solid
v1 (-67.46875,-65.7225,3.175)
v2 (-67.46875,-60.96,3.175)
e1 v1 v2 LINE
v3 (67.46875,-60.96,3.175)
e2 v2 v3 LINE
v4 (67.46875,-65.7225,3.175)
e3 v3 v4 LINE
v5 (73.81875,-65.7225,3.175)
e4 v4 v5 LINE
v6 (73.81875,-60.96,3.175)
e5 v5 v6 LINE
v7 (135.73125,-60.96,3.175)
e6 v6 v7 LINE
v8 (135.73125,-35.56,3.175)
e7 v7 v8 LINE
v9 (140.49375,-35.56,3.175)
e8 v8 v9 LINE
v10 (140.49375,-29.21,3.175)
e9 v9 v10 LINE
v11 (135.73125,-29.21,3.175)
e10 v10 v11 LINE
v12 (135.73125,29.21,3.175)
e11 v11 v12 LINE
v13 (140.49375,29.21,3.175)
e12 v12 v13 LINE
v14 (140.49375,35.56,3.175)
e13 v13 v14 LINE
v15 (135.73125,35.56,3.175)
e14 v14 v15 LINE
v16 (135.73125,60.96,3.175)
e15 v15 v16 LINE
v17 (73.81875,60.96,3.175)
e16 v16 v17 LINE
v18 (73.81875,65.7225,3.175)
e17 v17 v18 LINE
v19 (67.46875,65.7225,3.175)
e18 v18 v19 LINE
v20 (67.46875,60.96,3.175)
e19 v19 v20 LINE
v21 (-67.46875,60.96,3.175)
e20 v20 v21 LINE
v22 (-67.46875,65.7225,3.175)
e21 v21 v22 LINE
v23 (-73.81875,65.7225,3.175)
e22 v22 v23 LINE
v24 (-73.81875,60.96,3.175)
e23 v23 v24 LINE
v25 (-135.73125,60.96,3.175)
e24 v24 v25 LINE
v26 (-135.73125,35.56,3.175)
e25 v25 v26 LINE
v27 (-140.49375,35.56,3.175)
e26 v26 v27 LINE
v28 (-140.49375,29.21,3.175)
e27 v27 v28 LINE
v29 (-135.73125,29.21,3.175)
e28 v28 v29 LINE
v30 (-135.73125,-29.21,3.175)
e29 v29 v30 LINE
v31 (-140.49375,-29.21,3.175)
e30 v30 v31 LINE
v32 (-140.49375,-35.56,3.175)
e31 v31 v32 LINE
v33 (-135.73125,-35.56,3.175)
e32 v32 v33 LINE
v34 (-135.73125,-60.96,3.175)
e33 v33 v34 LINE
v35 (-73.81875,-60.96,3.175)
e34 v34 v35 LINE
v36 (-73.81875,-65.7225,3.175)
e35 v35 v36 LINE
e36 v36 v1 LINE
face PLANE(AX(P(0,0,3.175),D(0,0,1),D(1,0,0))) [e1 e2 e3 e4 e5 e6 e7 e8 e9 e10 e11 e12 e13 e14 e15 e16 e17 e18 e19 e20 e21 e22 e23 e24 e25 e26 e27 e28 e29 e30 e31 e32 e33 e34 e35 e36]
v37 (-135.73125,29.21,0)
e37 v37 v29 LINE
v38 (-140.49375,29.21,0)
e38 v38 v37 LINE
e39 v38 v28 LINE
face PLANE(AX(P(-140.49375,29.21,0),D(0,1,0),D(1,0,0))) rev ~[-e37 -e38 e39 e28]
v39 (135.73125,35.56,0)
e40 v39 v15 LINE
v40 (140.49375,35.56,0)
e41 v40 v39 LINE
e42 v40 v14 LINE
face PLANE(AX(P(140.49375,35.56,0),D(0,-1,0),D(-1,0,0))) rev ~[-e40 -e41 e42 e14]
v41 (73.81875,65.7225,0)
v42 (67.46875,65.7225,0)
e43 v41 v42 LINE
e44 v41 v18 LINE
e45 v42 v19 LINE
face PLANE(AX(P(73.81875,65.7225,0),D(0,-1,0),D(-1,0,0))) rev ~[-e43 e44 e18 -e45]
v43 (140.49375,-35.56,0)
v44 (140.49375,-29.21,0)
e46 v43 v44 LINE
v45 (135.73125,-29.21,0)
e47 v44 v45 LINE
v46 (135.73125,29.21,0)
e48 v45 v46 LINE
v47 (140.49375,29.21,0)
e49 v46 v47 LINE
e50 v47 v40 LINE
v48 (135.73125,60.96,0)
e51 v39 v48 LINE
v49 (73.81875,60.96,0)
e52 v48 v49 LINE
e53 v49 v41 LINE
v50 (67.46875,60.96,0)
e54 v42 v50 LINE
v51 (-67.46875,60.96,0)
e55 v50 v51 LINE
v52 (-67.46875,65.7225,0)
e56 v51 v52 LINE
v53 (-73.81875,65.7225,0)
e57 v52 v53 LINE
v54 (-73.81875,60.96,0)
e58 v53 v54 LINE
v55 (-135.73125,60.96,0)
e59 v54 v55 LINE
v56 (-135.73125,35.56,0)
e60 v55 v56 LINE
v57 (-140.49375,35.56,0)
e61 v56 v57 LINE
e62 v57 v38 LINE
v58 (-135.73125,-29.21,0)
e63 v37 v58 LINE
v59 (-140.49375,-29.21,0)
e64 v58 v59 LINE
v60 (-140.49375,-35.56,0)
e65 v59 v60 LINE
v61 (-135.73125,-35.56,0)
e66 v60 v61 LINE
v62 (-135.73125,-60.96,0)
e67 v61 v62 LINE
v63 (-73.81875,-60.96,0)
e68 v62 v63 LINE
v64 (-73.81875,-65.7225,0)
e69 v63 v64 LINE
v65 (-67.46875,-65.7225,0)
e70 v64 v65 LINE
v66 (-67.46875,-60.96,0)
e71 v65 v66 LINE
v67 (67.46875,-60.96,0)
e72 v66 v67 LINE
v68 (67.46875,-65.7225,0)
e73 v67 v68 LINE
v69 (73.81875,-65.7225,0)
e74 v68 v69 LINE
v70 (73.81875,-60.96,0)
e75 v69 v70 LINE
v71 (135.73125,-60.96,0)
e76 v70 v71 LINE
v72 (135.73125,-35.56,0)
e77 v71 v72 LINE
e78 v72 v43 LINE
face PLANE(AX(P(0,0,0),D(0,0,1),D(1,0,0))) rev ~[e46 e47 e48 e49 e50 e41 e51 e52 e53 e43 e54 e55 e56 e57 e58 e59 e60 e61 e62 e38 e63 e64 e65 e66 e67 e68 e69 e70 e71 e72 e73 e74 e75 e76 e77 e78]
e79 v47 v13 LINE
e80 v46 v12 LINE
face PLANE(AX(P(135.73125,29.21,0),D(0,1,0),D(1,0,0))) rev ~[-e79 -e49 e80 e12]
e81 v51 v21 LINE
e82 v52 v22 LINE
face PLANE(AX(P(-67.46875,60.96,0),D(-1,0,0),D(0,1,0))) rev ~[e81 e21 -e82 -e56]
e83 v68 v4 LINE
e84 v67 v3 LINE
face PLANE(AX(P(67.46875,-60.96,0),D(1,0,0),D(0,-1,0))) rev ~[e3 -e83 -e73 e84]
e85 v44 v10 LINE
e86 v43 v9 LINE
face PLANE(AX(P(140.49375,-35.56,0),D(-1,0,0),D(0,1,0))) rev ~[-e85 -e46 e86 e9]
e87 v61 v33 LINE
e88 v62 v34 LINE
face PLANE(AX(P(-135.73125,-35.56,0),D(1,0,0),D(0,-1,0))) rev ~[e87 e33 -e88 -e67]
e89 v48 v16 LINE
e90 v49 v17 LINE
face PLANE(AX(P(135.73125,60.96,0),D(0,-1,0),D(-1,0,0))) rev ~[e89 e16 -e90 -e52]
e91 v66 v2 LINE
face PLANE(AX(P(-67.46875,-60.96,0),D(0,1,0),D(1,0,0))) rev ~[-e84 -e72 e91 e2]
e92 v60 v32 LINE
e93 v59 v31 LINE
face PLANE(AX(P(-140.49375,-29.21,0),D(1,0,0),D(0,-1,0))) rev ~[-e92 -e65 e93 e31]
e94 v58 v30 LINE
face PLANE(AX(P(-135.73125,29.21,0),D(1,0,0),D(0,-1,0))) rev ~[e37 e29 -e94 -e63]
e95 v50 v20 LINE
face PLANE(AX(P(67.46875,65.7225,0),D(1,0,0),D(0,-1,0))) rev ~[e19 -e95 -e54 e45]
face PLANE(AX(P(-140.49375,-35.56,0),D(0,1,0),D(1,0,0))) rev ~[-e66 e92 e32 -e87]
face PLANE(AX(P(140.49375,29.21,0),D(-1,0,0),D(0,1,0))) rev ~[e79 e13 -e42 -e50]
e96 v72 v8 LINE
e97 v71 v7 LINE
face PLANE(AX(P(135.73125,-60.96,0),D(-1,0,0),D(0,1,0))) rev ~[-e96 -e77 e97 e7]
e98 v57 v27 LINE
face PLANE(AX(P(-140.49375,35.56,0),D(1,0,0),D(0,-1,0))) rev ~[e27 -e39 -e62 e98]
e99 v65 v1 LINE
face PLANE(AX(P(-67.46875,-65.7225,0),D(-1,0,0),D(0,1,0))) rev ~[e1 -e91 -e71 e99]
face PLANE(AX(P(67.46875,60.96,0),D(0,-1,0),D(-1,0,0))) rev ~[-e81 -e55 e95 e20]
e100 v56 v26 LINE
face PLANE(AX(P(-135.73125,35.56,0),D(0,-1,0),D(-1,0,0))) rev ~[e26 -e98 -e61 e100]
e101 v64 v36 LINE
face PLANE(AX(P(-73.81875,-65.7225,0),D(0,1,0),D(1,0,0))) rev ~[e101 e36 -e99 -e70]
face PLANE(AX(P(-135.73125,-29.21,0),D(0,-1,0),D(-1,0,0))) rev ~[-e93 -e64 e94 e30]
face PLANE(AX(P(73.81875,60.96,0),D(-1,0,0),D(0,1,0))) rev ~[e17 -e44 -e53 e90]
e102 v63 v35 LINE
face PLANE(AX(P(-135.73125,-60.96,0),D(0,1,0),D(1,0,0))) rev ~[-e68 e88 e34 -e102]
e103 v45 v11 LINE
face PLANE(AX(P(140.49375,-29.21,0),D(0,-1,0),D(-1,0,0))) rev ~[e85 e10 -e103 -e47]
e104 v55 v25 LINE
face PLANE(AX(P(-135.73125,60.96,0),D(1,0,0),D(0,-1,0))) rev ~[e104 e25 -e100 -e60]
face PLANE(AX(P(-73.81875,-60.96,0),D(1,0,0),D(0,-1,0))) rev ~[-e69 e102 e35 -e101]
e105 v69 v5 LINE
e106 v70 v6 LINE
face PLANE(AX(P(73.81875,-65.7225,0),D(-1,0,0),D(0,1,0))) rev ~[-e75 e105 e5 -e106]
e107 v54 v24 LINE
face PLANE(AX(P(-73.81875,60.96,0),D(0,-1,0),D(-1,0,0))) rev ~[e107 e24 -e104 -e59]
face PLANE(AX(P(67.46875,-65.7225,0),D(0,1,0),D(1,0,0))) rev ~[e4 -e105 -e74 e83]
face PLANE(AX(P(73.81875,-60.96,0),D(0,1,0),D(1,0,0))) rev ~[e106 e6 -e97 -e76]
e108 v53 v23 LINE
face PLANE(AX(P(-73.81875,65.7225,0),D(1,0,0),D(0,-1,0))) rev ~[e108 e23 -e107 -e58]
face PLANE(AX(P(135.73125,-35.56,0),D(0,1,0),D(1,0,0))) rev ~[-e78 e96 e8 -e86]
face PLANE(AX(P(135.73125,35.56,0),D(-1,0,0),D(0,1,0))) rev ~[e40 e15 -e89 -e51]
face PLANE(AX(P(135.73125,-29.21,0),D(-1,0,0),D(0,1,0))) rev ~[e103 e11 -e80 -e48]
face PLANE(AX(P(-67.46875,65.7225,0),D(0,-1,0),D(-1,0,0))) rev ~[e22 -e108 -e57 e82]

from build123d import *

# Parameters (mm, degrees)
F1_DEPTH = 3.175


with BuildPart() as f1:
    # F0 (on Top) → F1 (new body)
    with BuildSketch(Plane.XY):
        Polygon((-73.81875, 65.7225), (-73.81875, 60.96), (-135.73125, 60.96), (-135.73125, 35.56), (-140.49375, 35.56), (-140.49375, 29.21), (-135.73125, 29.21), (-135.73125, 0), (-135.73125, -29.21), (-140.49375, -29.21), (-140.49375, -35.56), (-135.73125, -35.56), (-135.73125, -60.96), (-73.81875, -60.96), (-73.81875, -65.7225), (-67.46875, -65.7225), (-67.46875, -60.96), (0, -60.96), (67.46875, -60.96), (67.46875, -65.7225), (73.81875, -65.7225), (73.81875, -60.96), (135.73125, -60.96), (135.73125, -35.56), (140.49375, -35.56), (140.49375, -29.21), (135.73125, -29.21), (135.73125, 0), (135.73125, 29.21), (140.49375, 29.21), (140.49375, 35.56), (135.73125, 35.56), (135.73125, 60.96), (73.81875, 60.96), (73.81875, 65.7225), (67.46875, 65.7225), (67.46875, 60.96), (0, 60.96), (-67.46875, 60.96), (-67.46875, 65.7225), align=None)
    extrude(amount=F1_DEPTH)


solid = f1.part
